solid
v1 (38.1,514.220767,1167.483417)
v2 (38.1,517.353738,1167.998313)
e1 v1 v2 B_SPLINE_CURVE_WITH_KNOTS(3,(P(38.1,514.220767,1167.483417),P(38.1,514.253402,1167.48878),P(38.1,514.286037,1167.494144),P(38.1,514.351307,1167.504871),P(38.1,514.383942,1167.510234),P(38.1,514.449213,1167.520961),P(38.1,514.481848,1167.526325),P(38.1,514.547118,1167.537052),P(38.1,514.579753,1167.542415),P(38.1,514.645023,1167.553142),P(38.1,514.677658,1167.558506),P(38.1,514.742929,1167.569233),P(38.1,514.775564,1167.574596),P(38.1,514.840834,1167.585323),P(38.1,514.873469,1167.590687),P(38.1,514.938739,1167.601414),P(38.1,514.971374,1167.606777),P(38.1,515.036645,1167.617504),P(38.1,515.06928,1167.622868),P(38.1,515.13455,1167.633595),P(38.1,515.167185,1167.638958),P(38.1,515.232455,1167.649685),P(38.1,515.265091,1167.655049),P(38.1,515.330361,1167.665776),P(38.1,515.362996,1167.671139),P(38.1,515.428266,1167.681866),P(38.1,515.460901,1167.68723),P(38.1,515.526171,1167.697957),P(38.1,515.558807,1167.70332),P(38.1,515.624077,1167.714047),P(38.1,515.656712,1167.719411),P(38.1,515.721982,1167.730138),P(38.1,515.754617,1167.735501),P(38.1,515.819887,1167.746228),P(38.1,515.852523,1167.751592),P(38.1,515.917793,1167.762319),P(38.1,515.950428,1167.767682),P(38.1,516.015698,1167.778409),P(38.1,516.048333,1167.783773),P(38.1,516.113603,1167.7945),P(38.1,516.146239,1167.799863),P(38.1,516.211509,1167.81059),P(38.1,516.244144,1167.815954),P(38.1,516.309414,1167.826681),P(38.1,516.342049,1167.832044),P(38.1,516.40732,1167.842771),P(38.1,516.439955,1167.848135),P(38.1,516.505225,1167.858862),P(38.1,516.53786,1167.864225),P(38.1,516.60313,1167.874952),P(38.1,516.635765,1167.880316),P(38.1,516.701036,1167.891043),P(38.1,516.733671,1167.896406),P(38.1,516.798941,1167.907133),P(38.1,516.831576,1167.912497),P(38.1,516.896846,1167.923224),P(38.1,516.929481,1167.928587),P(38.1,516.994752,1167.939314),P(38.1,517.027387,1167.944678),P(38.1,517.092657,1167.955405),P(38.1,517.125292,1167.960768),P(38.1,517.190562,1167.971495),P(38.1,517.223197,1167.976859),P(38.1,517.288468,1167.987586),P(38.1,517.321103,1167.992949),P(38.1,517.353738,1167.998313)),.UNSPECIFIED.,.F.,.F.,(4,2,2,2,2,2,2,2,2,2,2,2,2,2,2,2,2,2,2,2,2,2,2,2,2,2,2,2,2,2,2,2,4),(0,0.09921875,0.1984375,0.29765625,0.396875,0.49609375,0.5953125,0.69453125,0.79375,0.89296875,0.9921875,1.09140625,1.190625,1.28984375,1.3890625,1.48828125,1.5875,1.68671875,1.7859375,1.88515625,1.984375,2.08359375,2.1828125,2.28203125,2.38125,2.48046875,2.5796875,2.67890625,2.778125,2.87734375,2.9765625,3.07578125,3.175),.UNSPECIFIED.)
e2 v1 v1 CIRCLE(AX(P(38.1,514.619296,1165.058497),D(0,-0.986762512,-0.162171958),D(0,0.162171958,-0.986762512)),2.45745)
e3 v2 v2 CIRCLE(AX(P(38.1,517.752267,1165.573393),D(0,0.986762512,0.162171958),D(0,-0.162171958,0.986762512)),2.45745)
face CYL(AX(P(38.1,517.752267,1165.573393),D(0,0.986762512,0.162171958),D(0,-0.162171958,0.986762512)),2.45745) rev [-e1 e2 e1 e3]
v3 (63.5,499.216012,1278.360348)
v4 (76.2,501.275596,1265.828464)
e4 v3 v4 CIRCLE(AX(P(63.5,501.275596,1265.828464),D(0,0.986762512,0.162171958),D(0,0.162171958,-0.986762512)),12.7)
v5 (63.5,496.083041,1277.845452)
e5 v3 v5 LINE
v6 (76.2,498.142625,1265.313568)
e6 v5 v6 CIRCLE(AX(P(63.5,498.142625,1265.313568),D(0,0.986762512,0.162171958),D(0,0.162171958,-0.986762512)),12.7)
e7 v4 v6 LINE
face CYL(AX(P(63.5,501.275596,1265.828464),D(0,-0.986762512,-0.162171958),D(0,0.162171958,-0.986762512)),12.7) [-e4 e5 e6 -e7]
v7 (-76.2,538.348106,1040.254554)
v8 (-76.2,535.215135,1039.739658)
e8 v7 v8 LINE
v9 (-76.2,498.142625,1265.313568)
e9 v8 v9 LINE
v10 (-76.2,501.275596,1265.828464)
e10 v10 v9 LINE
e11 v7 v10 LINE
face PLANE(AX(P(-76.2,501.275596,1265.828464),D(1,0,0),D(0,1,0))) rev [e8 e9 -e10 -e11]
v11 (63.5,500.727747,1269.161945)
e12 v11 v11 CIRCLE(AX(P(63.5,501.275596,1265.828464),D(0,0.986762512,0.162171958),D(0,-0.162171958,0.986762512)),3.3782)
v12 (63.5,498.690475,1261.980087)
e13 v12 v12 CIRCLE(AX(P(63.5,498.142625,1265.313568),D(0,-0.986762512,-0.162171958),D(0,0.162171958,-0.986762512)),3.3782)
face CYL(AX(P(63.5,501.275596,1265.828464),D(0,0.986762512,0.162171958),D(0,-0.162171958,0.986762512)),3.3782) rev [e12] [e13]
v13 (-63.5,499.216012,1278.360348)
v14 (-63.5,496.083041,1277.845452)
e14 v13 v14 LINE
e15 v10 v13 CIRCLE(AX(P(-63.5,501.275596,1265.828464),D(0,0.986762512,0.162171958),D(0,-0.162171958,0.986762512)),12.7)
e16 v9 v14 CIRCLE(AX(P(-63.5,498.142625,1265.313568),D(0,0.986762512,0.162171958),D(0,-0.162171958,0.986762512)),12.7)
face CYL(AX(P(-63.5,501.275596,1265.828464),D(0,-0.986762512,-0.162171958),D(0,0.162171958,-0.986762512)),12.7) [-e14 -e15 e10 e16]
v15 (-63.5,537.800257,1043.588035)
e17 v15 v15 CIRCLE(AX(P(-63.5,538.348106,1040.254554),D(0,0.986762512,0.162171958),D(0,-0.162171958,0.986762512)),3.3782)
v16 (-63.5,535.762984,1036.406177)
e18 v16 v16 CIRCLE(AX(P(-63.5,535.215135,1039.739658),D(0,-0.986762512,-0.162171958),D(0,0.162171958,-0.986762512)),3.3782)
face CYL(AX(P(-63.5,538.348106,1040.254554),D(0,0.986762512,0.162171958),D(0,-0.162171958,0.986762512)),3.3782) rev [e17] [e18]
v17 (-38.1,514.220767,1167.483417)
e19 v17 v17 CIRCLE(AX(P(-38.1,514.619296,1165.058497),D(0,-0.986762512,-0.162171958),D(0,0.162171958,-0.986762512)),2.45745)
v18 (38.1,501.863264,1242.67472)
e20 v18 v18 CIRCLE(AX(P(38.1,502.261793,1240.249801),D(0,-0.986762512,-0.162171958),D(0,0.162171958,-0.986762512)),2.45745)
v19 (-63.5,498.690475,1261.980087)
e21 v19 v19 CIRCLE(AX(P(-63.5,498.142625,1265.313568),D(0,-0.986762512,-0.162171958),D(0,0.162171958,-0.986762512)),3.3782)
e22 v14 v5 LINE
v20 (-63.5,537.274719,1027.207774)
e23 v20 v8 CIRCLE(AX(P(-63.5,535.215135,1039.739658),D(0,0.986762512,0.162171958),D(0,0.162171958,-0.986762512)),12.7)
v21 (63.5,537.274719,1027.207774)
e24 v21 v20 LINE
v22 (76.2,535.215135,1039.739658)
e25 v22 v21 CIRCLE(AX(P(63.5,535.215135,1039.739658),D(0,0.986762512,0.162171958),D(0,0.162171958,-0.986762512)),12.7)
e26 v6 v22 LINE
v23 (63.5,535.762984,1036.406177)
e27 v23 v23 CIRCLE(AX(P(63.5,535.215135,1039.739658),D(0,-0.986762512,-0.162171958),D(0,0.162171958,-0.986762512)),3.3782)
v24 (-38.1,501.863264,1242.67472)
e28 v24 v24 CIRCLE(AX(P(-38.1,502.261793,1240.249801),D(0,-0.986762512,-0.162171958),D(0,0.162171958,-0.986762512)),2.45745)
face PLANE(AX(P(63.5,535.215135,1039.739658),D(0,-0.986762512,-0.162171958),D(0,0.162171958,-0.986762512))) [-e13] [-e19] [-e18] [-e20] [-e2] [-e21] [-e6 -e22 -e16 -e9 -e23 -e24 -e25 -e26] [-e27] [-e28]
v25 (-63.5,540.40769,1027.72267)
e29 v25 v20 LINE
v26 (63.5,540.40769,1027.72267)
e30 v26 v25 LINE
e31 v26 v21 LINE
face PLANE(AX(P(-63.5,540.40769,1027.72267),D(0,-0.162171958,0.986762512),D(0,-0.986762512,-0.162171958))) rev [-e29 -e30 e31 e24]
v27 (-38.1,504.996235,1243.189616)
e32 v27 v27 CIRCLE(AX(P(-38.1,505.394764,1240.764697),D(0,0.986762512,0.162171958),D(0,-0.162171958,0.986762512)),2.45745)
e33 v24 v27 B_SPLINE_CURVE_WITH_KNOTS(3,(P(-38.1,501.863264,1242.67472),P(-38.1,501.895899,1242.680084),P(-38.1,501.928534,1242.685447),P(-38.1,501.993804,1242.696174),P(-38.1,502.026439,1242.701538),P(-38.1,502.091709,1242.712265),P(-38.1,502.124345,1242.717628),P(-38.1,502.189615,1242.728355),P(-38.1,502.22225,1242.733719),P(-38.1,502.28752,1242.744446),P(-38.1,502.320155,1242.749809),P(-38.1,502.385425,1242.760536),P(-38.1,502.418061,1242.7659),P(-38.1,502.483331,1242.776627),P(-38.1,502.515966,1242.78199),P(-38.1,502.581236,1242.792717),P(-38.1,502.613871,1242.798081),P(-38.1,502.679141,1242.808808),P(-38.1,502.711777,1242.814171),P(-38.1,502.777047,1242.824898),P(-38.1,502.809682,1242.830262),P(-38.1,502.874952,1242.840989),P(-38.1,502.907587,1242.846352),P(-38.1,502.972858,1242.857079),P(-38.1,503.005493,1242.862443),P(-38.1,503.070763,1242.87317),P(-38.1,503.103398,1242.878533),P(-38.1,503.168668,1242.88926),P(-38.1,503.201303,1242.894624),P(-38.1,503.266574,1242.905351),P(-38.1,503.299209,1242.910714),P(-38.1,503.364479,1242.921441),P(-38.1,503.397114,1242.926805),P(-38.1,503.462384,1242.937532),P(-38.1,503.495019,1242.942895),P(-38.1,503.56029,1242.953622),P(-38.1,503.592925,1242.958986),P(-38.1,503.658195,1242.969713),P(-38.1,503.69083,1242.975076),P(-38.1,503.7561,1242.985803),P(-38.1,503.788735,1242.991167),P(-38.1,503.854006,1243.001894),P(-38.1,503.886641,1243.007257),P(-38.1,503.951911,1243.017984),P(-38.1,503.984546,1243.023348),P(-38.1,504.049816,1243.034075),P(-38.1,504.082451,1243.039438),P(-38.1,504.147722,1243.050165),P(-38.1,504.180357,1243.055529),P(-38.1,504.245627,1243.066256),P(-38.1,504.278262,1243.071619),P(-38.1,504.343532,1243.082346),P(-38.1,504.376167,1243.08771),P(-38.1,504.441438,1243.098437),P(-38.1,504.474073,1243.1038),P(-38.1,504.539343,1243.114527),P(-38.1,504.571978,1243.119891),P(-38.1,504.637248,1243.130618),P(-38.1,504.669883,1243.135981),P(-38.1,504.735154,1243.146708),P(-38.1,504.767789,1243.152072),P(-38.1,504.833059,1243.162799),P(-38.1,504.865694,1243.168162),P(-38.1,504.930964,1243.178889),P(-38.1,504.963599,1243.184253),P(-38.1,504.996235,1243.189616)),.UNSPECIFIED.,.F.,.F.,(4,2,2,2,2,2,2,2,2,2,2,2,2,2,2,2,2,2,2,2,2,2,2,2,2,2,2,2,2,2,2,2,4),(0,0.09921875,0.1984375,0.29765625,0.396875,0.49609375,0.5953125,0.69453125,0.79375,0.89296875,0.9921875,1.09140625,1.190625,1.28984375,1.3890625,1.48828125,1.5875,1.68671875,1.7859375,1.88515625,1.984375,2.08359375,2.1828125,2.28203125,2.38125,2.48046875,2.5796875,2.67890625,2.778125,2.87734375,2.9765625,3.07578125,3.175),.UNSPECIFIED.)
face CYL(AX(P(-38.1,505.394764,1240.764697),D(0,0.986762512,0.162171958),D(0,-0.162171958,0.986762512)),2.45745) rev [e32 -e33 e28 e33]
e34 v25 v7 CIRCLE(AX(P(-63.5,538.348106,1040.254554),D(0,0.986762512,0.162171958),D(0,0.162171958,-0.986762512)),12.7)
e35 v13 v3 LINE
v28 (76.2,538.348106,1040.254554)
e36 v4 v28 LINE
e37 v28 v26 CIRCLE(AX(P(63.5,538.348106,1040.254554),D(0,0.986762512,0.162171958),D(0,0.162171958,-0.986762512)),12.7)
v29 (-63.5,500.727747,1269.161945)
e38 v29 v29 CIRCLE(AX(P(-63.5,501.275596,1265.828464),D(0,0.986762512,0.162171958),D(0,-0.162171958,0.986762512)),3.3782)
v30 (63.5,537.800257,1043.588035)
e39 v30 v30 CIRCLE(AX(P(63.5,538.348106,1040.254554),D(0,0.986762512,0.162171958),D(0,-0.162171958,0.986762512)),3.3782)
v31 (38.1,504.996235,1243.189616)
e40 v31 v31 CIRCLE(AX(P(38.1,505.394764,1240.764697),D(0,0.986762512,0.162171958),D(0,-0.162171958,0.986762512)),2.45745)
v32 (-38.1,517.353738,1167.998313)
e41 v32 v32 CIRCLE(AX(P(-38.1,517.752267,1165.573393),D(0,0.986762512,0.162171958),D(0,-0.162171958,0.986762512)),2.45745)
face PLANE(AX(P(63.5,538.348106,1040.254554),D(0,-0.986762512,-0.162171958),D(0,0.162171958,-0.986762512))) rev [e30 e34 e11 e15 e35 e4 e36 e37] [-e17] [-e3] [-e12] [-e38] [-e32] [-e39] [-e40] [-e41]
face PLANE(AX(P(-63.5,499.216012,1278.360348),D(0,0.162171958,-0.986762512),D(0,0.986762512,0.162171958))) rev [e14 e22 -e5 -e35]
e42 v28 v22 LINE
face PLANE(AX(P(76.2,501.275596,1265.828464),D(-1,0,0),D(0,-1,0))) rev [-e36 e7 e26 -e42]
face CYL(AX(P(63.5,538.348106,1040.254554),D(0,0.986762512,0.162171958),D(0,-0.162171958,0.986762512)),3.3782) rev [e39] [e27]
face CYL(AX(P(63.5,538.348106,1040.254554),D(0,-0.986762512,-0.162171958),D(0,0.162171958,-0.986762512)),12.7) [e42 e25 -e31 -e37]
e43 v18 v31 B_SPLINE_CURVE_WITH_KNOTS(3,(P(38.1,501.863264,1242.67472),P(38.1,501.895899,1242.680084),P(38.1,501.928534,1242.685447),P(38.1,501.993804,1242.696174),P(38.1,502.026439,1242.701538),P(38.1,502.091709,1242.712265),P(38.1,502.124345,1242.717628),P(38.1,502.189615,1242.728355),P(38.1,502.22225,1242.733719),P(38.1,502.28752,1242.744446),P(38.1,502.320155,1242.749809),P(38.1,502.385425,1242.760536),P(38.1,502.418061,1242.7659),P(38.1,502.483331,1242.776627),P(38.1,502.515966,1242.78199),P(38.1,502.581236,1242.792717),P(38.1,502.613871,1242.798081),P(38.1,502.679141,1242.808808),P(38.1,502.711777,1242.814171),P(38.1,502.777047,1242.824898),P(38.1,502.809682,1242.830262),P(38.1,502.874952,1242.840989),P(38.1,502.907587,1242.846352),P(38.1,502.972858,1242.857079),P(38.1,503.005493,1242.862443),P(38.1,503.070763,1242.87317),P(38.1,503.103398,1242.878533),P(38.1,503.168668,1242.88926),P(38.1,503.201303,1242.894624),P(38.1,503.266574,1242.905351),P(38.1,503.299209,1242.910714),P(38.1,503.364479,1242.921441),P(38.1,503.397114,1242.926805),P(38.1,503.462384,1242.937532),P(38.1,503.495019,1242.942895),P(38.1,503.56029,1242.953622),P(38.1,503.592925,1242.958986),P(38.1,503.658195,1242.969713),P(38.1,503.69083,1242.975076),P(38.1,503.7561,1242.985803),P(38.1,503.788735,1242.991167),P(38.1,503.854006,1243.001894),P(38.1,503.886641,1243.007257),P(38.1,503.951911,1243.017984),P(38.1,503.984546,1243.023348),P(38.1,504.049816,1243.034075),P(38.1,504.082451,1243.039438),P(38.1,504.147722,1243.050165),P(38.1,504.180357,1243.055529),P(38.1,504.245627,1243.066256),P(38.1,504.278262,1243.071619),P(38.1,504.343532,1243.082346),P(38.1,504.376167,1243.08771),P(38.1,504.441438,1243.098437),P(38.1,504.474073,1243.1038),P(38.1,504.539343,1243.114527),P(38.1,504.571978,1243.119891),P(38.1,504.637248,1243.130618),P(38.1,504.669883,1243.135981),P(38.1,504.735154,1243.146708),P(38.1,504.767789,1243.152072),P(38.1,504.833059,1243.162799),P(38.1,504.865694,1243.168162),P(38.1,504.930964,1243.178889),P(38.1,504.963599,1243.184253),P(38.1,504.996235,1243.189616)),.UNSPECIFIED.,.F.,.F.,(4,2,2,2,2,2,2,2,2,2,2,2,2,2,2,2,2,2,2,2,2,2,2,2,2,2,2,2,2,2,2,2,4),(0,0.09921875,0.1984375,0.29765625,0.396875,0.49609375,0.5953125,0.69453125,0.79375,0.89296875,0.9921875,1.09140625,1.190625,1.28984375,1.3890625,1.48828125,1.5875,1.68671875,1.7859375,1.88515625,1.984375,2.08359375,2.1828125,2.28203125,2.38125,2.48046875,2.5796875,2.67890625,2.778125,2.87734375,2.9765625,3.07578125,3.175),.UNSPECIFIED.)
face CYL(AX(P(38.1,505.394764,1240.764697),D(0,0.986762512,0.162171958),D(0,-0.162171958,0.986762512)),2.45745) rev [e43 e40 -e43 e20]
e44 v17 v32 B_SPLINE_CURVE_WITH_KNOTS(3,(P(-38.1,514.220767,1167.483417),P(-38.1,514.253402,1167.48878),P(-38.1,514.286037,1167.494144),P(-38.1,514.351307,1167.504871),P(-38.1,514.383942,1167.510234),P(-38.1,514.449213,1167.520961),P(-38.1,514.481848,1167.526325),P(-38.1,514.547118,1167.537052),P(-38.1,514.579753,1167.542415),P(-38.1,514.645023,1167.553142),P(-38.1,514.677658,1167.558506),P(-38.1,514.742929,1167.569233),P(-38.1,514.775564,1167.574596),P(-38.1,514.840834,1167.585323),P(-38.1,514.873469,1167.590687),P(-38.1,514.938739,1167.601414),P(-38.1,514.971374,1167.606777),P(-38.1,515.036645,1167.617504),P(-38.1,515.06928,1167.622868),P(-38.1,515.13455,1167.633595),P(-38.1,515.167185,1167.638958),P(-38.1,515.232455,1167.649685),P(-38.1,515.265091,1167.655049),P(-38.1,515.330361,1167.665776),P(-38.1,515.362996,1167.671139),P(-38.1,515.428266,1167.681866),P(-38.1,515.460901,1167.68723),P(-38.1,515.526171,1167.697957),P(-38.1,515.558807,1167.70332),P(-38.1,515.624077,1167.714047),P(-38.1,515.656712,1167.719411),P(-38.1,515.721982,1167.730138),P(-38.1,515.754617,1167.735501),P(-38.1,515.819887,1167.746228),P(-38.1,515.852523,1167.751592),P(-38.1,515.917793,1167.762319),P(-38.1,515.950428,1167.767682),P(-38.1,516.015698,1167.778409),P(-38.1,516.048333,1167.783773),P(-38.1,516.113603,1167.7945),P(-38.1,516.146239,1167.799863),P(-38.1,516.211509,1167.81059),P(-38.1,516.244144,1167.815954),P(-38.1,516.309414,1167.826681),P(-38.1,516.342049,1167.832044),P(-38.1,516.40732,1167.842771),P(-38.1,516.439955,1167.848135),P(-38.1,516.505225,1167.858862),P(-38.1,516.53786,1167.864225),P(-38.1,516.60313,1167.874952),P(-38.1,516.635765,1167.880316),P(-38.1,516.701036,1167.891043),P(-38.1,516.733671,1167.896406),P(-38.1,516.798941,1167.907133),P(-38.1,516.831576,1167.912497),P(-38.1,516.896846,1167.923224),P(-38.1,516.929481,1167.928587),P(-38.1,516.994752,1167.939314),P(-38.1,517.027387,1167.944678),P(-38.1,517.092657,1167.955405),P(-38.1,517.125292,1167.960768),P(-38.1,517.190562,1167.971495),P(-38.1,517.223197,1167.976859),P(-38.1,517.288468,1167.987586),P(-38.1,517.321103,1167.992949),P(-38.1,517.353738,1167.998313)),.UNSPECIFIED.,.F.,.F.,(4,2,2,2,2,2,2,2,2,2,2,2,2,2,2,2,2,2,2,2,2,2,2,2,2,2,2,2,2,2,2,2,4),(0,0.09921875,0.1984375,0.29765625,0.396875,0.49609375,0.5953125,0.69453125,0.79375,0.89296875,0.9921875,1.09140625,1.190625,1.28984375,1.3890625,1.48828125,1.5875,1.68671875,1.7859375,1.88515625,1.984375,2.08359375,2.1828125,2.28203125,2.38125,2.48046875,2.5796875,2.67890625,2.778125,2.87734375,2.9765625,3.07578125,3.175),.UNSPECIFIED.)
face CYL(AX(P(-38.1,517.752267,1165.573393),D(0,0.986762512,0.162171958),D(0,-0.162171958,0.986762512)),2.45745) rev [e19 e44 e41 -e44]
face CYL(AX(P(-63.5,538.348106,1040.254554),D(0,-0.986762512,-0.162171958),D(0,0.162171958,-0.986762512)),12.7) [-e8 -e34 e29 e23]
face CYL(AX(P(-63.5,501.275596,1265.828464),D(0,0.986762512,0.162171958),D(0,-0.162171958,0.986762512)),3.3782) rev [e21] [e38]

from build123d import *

# Parameters (mm, degrees)
BOSS_EXTRUDE1_DEPTH          = 3.175
F_1_4_CLEARANCE_HOLE1_D      = 6.7564
F_10_0_1935_DIAMETER_HOLE1_D = 4.9149


with BuildPart() as part:
    # Sketch1 → Boss-Extrude1 (new body)
    with BuildSketch(Plane(origin=(0, 687.523670024, 112.992800714), x_dir=(1, 0, 0), z_dir=(0, 0.9867625124381891, 0.16217195826243377))):
        with BuildLine():
            Line((-76.2, -1167.779230682), (-76.2, -939.179230682))
            ThreePointArc((-76.2, -939.179230682), (-72.480256121, -930.198974561), (-63.5, -926.479230682))
            Line((-63.5, -926.479230682), (63.5, -926.479230682))
            ThreePointArc((63.5, -926.479230682), (72.480256121, -930.198974561), (76.2, -939.179230682))
            Line((76.2, -939.179230682), (76.2, -1167.779230682))
            ThreePointArc((76.2, -1167.779230682), (72.480256121, -1176.759486803), (63.5, -1180.479230682))
            Line((63.5, -1180.479230682), (-63.5, -1180.479230682))
            ThreePointArc((-63.5, -1180.479230682), (-72.480256121, -1176.759486803), (-76.2, -1167.779230682))
        make_face()
    extrude(amount=BOSS_EXTRUDE1_DEPTH)

    # 1/4 Clearance Hole1 (through all)
    with Locations(Plane(origin=(0, 690.656641001, 113.507696681), x_dir=(1, 0, 0), z_dir=(0, 0.9867625124381894, 0.16217195826243377))):
        with Locations((-63.5, -1167.779230682), (63.5, -1167.779230682), (63.5, -939.179230682), (-63.5, -939.179230682)):
            Hole(F_1_4_CLEARANCE_HOLE1_D / 2)

    # #10 (0.1935) Diameter Hole1 (through all)
    with Locations(Plane(origin=(0, 690.656641001, 113.507696681), x_dir=(1, 0, 0), z_dir=(0, 0.9867625124381891, 0.1621719582624338))):
        with Locations((38.1, -1142.379230682), (-38.1, -1142.379230682), (38.1, -1066.179230682), (-38.1, -1066.179230682)):
            Hole(F_10_0_1935_DIAMETER_HOLE1_D / 2)


solid = part.part
